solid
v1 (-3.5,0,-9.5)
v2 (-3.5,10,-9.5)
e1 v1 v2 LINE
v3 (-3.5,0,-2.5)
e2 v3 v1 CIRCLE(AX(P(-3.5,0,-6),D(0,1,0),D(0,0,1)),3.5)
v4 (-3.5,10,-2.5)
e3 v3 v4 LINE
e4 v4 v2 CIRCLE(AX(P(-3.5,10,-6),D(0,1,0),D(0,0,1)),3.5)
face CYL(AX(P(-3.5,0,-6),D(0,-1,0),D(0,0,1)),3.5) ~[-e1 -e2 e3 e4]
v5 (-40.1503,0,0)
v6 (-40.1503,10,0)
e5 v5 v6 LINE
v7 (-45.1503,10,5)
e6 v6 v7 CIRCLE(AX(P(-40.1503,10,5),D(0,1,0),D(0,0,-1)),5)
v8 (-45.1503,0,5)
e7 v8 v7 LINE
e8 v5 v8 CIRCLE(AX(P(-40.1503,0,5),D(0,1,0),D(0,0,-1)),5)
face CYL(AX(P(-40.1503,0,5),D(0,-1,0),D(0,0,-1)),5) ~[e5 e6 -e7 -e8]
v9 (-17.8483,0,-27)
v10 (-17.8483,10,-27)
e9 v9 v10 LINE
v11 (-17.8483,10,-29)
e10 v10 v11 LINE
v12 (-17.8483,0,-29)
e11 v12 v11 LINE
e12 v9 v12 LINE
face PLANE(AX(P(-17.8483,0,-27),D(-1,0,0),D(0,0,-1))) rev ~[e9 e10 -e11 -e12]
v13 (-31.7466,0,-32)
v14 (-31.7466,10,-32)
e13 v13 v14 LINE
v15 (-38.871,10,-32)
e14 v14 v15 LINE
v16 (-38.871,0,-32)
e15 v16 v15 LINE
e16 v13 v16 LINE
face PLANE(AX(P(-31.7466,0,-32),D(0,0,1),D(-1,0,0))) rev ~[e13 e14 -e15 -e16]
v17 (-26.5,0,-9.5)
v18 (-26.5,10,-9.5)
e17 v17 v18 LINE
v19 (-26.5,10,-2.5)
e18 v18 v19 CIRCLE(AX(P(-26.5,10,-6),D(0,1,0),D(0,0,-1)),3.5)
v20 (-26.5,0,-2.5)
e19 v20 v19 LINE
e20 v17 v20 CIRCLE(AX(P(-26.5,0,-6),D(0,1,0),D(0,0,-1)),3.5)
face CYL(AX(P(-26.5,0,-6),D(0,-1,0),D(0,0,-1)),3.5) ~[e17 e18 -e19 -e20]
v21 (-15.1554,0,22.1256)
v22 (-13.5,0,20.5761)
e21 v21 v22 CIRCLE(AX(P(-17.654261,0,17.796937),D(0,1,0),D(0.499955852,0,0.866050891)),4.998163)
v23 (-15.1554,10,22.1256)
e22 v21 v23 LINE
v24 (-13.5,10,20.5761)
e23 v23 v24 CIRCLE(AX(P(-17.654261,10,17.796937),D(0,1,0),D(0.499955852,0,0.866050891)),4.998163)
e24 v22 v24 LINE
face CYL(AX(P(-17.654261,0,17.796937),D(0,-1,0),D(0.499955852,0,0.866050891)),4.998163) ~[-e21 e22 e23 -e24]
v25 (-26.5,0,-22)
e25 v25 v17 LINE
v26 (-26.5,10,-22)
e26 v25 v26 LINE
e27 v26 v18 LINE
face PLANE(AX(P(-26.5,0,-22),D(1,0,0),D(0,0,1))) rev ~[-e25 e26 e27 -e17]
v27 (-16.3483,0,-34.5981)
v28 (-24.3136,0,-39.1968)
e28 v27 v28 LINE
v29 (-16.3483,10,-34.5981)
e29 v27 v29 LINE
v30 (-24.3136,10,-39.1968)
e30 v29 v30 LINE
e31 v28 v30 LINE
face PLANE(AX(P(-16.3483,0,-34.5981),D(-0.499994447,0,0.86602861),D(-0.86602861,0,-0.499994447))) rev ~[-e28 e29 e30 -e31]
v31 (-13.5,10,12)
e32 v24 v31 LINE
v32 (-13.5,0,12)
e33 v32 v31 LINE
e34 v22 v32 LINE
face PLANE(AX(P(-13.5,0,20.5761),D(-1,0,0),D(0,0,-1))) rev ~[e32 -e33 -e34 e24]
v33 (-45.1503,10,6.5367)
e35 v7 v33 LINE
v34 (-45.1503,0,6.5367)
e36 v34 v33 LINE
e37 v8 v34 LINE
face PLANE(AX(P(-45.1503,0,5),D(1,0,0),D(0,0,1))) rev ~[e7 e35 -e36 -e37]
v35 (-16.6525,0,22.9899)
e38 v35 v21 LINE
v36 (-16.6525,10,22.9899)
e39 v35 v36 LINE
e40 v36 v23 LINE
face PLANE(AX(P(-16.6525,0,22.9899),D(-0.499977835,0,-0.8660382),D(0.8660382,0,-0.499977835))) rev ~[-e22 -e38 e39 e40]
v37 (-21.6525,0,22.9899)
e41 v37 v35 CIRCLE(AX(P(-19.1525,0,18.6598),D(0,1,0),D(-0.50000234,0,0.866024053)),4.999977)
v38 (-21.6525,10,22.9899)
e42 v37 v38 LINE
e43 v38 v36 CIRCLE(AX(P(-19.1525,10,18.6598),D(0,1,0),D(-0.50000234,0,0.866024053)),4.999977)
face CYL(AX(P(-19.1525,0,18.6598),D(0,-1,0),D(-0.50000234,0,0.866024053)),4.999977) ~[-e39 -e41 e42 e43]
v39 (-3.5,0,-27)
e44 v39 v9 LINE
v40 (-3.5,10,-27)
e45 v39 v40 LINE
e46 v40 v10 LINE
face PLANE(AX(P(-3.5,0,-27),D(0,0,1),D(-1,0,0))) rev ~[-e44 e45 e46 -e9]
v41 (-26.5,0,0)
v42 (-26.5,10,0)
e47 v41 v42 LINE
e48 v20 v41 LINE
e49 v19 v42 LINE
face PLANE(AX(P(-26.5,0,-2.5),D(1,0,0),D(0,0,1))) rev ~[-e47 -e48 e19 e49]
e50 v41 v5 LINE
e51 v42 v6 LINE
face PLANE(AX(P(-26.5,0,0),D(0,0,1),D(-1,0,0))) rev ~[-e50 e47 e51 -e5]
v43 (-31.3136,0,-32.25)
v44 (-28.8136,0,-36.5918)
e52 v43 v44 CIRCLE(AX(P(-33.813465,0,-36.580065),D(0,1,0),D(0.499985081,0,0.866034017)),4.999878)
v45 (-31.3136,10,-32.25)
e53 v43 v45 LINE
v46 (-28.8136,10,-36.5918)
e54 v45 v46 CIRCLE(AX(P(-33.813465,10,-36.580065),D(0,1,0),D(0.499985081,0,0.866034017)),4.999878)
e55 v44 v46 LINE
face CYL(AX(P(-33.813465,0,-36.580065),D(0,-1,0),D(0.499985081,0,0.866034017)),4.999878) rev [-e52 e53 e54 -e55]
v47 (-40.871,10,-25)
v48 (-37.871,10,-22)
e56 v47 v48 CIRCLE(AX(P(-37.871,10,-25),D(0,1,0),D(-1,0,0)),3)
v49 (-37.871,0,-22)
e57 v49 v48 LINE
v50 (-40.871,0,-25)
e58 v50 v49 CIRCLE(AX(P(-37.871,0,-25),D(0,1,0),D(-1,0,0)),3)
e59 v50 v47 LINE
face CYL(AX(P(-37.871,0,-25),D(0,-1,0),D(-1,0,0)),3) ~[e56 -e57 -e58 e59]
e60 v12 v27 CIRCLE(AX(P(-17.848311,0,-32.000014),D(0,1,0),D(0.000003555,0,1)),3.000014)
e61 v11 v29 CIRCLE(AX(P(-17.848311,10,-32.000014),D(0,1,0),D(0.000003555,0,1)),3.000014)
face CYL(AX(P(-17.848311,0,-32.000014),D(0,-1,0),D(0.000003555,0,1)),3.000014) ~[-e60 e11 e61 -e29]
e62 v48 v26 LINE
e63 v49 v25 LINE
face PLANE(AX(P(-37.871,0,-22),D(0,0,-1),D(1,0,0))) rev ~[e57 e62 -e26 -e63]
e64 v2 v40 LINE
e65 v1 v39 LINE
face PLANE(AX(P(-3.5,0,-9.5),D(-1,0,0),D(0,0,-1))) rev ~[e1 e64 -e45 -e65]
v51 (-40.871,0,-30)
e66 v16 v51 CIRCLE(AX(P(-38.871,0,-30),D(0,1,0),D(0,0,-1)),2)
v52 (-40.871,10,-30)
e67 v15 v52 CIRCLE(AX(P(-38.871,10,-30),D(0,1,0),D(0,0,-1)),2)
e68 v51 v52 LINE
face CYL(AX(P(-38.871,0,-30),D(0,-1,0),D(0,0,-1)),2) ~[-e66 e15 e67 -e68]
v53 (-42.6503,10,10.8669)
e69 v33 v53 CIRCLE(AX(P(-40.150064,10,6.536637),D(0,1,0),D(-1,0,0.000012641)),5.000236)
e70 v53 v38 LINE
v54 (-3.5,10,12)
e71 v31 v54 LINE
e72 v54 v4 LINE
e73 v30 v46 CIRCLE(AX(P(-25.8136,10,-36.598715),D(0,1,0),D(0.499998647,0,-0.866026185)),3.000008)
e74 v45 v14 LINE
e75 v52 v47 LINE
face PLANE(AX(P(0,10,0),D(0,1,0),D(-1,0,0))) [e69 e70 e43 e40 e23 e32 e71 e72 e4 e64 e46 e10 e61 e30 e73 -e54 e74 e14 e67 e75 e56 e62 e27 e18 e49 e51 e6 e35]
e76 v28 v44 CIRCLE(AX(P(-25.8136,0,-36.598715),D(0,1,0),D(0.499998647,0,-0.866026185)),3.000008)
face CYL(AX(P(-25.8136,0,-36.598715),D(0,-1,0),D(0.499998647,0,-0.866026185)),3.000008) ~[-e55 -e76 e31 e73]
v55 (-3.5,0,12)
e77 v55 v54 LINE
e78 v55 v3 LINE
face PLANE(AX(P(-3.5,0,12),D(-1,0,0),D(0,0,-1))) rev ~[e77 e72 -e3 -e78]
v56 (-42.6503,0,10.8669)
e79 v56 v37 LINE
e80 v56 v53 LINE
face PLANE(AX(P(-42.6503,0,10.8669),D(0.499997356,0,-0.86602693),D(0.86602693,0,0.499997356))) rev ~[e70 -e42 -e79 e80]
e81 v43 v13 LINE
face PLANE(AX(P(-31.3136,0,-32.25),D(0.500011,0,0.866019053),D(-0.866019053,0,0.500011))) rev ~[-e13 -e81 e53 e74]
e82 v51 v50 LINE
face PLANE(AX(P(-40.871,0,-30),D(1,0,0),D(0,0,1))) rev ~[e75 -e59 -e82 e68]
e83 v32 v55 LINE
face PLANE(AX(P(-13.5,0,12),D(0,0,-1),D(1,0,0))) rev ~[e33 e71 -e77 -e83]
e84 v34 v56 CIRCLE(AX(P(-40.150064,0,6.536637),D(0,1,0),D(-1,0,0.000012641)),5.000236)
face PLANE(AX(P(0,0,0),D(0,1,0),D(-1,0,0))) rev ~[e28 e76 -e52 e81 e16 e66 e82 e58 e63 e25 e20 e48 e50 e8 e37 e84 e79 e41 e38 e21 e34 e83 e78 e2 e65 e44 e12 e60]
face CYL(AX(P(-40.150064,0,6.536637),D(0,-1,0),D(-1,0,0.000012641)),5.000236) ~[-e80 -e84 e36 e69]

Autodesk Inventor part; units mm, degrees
ref_plane "YZ Plane" through (0, 0, 0) normal (1, 0, 0) x (0, 1, 0)
ref_plane "XZ Plane" through (0, 0, 0) normal (0, 1, 0) x (-1, 0, 0)
ref_plane "XY Plane" through (0, 0, 0) normal (0, 0, 1) x (1, 0, 0)
sketch "スケッチ1" plane through (0, 0, 0) normal (0, 1, 0) x (-1, 0, 0)
  line L0 (13.5, 20.5761) -> (13.5, 0) projected
  line L1 (13.5, 0) -> (40.1503, 0) projected
  arc A0 (40.1503, 0) -> (45.1503, 5) centre (40.1503, 5) ccw projected
  line L2 (45.1503, 5) -> (45.1503, 6.5367) projected
  arc A1 (45.1503, 6.5367) -> (42.6503, 10.8669) centre (40.1503, 6.5367) ccw projected
  line L3 (42.6503, 10.8669) -> (21.6525, 22.9899) projected
  arc A2 (21.6525, 22.9899) -> (16.6525, 22.9899) centre (19.1525, 18.6598) ccw projected
  line L4 (16.6525, 22.9899) -> (15.1554, 22.1256) projected
  arc A3 (15.1554, 22.1256) -> (13.5, 20.5761) centre (17.6554, 17.7954) ccw projected
  line L5 (26.5, -2.5) -> (26.5, 0) projected
  line L6 (26.5, 0) -> (13.5, 0) projected
  line L7 (13.5, 0) -> (13.5, 12) projected
  line L8 (13.5, 12) -> (3.5, 12) projected
  line L9 (3.5, 12) -> (3.5, -2.5) projected
  arc A4 (3.5, -2.5) -> (3.5, -9.5) centre (3.5, -6) ccw projected
  line L10 (3.5, -9.5) -> (3.5, -27) projected
  line L11 (3.5, -27) -> (26.5, -27) projected
  line L12 (26.5, -27) -> (26.5, -9.5) projected
  arc A5 (26.5, -9.5) -> (26.5, -2.5) centre (26.5, -6) ccw projected
  arc A6 (24.3136, -39.1968) -> (28.8136, -36.5918) centre (25.8136, -36.5988) ccw projected
  arc A7 (31.3136, -32.25) -> (28.8136, -36.5918) centre (33.8136, -36.5802) ccw projected
  line L13 (31.3136, -32.25) -> (31.7466, -32) projected
  line L14 (31.7466, -32) -> (38.871, -32) projected
  arc A8 (38.871, -32) -> (40.871, -30) centre (38.871, -30) ccw projected
  line L15 (40.871, -30) -> (40.871, -25) projected
  arc A9 (40.871, -25) -> (37.871, -22) centre (37.871, -25) ccw projected
  line L16 (37.871, -22) -> (26.5, -22) projected
  line L17 (26.5, -22) -> (26.5, -27) projected
  line L18 (26.5, -27) -> (17.8483, -27) projected
  line L19 (17.8483, -27) -> (17.8483, -29) projected
  arc A10 (17.8483, -29) -> (16.3483, -34.5981) centre (17.8483, -32) ccw projected
  line L20 (16.3483, -34.5981) -> (24.3136, -39.1968) projected
  point P0 (0, 0)
extrude "押し出し1" add sketch "スケッチ1" along normal blind 10
properties part number "microb_connection_base"
